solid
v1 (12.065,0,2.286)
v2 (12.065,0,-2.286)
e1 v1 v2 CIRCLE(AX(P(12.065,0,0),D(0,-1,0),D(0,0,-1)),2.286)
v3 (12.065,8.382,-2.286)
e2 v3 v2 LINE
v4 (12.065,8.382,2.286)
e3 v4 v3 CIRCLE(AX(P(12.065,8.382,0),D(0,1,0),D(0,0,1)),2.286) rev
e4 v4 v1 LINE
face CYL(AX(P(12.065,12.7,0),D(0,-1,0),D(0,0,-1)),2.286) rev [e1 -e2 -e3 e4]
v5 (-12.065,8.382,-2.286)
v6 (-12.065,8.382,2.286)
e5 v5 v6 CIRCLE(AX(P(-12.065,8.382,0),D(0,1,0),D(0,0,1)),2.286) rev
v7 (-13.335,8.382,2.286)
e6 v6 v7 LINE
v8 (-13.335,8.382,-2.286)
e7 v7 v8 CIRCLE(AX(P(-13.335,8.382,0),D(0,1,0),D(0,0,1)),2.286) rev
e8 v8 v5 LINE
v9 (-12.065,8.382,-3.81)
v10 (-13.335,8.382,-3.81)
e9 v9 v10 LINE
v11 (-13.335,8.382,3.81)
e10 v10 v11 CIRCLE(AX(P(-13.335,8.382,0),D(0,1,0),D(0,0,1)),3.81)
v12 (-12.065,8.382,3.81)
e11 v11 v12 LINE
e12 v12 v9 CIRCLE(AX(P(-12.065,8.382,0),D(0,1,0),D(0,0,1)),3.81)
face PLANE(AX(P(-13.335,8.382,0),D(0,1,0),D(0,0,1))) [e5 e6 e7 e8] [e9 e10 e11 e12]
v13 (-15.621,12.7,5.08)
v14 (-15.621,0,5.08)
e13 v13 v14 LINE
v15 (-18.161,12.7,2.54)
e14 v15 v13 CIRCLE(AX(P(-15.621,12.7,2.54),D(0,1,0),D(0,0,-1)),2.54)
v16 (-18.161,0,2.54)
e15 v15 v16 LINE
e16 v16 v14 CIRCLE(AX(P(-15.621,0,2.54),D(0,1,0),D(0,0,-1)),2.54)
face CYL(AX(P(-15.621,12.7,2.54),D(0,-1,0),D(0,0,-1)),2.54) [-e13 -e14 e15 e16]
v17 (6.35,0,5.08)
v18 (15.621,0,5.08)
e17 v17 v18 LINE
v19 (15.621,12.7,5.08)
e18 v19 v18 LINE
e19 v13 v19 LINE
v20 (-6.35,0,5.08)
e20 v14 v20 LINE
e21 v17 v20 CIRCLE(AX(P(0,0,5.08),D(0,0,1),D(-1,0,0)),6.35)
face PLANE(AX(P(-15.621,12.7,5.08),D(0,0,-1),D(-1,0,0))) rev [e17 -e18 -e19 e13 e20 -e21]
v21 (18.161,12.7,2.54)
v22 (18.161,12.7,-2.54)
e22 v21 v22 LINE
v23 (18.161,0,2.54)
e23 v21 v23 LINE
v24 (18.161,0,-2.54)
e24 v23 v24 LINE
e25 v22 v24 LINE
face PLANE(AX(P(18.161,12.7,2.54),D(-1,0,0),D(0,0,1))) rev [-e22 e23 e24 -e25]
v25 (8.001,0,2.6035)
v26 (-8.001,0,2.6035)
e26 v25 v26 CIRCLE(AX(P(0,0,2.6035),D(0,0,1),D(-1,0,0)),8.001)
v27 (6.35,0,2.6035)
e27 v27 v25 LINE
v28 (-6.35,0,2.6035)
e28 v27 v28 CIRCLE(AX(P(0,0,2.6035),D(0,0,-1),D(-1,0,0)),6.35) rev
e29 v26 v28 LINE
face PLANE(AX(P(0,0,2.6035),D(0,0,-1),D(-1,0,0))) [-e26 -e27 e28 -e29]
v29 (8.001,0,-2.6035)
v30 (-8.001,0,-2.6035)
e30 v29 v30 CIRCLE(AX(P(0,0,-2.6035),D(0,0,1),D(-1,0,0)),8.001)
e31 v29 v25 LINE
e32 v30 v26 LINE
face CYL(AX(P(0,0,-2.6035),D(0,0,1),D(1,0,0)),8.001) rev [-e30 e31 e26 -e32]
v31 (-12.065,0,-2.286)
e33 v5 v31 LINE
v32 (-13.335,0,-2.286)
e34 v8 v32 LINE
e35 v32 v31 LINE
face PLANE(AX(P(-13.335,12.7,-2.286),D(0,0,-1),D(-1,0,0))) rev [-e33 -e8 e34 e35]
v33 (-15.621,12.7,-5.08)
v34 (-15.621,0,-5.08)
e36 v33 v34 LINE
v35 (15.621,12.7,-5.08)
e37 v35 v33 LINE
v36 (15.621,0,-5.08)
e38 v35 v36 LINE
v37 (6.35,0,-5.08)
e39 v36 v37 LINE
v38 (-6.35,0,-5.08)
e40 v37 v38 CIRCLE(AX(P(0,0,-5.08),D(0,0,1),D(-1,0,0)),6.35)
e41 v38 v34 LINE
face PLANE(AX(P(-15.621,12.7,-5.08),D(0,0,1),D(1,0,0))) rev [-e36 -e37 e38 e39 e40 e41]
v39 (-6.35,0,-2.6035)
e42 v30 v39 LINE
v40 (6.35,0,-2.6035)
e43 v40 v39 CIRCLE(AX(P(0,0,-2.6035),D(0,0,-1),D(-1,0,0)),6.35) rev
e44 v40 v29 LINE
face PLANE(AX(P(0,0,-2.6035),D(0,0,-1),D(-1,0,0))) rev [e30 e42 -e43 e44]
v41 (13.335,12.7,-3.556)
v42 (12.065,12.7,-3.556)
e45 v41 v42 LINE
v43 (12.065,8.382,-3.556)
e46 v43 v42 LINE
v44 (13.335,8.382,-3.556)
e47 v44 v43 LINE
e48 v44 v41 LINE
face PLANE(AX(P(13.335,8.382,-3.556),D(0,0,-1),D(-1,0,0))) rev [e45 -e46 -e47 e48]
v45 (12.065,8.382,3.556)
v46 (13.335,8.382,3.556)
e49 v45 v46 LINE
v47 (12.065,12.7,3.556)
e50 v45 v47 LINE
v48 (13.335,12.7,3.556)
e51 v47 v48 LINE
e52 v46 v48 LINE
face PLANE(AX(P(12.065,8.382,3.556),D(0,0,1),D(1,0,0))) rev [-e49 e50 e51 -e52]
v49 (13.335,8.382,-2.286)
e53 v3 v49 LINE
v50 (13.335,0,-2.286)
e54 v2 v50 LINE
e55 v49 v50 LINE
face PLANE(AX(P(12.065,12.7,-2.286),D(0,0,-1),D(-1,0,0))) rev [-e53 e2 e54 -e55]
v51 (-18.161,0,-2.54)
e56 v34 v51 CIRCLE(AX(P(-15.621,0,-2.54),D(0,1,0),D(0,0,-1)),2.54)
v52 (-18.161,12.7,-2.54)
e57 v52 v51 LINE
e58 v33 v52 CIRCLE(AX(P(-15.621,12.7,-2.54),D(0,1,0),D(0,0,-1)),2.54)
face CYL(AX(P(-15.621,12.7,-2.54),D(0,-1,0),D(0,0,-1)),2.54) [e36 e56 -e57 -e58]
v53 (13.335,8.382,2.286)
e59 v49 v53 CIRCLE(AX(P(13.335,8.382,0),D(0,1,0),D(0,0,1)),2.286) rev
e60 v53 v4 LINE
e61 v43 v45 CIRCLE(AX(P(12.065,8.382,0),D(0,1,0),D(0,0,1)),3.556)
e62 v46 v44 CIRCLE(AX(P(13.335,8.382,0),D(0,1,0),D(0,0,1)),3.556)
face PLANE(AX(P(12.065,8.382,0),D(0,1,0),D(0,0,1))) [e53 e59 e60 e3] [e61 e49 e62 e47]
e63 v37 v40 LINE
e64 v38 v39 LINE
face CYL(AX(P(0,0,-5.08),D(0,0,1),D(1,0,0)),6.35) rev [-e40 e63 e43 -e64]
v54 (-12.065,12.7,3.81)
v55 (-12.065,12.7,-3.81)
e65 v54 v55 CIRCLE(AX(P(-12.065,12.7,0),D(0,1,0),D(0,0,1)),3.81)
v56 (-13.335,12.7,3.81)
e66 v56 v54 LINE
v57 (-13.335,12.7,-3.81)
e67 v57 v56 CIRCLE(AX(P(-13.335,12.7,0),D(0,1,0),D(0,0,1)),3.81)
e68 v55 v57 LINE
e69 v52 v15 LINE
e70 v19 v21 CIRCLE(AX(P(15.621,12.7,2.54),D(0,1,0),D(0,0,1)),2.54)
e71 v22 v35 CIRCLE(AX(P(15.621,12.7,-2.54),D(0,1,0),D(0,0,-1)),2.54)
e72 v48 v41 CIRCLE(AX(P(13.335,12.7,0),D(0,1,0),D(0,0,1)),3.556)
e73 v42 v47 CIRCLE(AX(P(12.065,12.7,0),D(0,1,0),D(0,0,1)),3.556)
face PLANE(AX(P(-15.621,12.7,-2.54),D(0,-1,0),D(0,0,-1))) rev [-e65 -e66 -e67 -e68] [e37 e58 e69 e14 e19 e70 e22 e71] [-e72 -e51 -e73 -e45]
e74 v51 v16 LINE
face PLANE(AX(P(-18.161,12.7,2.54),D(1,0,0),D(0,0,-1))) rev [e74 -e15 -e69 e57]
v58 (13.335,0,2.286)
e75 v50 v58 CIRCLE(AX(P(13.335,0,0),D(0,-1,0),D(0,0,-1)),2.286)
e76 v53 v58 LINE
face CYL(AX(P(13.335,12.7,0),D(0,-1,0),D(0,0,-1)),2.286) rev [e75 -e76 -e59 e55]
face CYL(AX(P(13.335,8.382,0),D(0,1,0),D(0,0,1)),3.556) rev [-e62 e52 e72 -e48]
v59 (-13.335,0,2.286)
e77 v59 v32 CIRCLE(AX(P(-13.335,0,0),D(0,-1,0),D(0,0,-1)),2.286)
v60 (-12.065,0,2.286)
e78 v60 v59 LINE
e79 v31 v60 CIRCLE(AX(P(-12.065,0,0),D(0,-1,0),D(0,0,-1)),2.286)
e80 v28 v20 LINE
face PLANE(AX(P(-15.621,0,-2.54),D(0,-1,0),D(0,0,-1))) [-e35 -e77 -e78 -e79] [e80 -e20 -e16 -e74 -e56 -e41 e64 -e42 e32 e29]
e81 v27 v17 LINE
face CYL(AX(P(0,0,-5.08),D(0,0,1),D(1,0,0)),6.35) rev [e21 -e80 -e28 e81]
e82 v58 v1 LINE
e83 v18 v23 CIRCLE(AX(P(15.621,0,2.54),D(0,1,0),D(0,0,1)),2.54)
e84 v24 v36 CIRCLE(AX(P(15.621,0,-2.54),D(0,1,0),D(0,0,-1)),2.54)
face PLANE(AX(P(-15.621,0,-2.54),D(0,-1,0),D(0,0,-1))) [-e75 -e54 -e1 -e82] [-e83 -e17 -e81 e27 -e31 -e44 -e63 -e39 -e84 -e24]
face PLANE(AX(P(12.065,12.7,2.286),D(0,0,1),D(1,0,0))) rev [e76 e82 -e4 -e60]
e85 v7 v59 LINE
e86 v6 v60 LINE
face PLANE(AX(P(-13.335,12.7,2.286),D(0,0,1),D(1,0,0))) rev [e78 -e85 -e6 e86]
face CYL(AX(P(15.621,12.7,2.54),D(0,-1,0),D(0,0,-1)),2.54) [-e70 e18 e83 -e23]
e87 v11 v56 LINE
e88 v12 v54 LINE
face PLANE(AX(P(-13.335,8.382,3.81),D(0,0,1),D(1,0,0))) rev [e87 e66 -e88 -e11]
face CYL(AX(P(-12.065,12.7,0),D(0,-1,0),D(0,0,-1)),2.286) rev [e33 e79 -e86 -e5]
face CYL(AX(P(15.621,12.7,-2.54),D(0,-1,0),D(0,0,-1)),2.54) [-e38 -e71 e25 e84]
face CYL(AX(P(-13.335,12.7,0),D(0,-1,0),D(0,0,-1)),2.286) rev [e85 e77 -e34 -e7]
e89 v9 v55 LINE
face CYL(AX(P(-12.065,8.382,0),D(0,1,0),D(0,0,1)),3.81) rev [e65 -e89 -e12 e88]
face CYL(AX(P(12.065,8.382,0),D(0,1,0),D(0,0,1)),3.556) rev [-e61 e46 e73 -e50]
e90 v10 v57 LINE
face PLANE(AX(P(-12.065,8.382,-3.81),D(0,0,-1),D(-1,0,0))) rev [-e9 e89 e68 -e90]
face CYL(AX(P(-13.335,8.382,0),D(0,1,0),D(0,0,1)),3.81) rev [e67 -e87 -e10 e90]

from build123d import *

# Parameters (mm, degrees)
BOSS_EXTRUDE1_DEPTH = 12.7
CUT_EXTRUDE1_DEPTH  = 25.379038558
CUT_EXTRUDE2_DEPTH  = 2.6035
CUT_EXTRUDE3_DEPTH  = 23.735837812
CUT_EXTRUDE4_DEPTH  = 4.318


with BuildPart() as part:
    # Sketch1 → Boss-Extrude1 (new body)
    with BuildSketch(Plane(origin=(0, 0, 0), x_dir=(1, 0, 0), z_dir=(0, 1, 0))):
        with BuildLine():
            Line((-15.621, -5.08), (15.621, -5.08))
            ThreePointArc((15.621, -5.08), (17.417051224, -4.336051224), (18.161, -2.54))
            Line((18.161, -2.54), (18.161, 2.54))
            ThreePointArc((18.161, 2.54), (17.417051224, 4.336051224), (15.621, 5.08))
            Line((15.621, 5.08), (-15.621, 5.08))
            ThreePointArc((-15.621, 5.08), (-17.417051224, 4.336051224), (-18.161, 2.54))
            Line((-18.161, 2.54), (-18.161, -2.54))
            ThreePointArc((-18.161, -2.54), (-17.417051224, -4.336051224), (-15.621, -5.08))
        make_face()
    extrude(amount=BOSS_EXTRUDE1_DEPTH)

    # Sketch2 → Cut-Extrude1 (cut, through all)
    with BuildSketch(Plane.XY.offset(5.08)):
        with BuildLine():
            Line((-6.35, 0), (6.35, 0))
            ThreePointArc((6.35, 0), (0, 6.35), (-6.35, 0))
        make_face()
    extrude(amount=-CUT_EXTRUDE1_DEPTH, mode=Mode.SUBTRACT)

    # Sketch3 → Cut-Extrude2 (cut, symmetric)
    with BuildSketch(Plane.XY):
        with BuildLine():
            Line((-8.001, 0), (8.001, 0))
            ThreePointArc((8.001, 0), (0, 8.001), (-8.001, 0))
        make_face()
    extrude(amount=CUT_EXTRUDE2_DEPTH, both=True, mode=Mode.SUBTRACT)

    # Sketch4 → Cut-Extrude3 (cut, through all)
    with BuildSketch(Plane.XZ):
        with BuildLine():
            Line((12.065, 2.286), (13.335, 2.286))
            ThreePointArc((13.335, 2.286), (15.621, 0), (13.335, -2.286))
            Line((13.335, -2.286), (12.065, -2.286))
            ThreePointArc((12.065, -2.286), (9.779, 0), (12.065, 2.286))
        make_face()
        with BuildLine():
            Line((-13.335, 2.286), (-12.065, 2.286))
            ThreePointArc((-12.065, 2.286), (-9.779, 0), (-12.065, -2.286))
            Line((-12.065, -2.286), (-13.335, -2.286))
            ThreePointArc((-13.335, -2.286), (-15.621, 0), (-13.335, 2.286))
        make_face()
    extrude(amount=-CUT_EXTRUDE3_DEPTH, mode=Mode.SUBTRACT)

    # Sketch5 → Cut-Extrude4 (cut)
    with BuildSketch(Plane(origin=(0, 12.7, 0), x_dir=(1, 0, 0), z_dir=(0, 1, 0))):
        with BuildLine():
            Line((-12.065, 3.81), (-13.335, 3.81))
            ThreePointArc((-13.335, 3.81), (-17.145, 0), (-13.335, -3.81))
            Line((-13.335, -3.81), (-12.065, -3.81))
            ThreePointArc((-12.065, -3.81), (-8.255, 0), (-12.065, 3.81))
        make_face()
        with BuildLine():
            Line((12.065, -3.556), (13.335, -3.556))
            ThreePointArc((13.335, -3.556), (16.891, 0), (13.335, 3.556))
            Line((13.335, 3.556), (12.065, 3.556))
            ThreePointArc((12.065, 3.556), (8.509, 0), (12.065, -3.556))
        make_face()
    extrude(amount=-CUT_EXTRUDE4_DEPTH, mode=Mode.SUBTRACT)


solid = part.part
